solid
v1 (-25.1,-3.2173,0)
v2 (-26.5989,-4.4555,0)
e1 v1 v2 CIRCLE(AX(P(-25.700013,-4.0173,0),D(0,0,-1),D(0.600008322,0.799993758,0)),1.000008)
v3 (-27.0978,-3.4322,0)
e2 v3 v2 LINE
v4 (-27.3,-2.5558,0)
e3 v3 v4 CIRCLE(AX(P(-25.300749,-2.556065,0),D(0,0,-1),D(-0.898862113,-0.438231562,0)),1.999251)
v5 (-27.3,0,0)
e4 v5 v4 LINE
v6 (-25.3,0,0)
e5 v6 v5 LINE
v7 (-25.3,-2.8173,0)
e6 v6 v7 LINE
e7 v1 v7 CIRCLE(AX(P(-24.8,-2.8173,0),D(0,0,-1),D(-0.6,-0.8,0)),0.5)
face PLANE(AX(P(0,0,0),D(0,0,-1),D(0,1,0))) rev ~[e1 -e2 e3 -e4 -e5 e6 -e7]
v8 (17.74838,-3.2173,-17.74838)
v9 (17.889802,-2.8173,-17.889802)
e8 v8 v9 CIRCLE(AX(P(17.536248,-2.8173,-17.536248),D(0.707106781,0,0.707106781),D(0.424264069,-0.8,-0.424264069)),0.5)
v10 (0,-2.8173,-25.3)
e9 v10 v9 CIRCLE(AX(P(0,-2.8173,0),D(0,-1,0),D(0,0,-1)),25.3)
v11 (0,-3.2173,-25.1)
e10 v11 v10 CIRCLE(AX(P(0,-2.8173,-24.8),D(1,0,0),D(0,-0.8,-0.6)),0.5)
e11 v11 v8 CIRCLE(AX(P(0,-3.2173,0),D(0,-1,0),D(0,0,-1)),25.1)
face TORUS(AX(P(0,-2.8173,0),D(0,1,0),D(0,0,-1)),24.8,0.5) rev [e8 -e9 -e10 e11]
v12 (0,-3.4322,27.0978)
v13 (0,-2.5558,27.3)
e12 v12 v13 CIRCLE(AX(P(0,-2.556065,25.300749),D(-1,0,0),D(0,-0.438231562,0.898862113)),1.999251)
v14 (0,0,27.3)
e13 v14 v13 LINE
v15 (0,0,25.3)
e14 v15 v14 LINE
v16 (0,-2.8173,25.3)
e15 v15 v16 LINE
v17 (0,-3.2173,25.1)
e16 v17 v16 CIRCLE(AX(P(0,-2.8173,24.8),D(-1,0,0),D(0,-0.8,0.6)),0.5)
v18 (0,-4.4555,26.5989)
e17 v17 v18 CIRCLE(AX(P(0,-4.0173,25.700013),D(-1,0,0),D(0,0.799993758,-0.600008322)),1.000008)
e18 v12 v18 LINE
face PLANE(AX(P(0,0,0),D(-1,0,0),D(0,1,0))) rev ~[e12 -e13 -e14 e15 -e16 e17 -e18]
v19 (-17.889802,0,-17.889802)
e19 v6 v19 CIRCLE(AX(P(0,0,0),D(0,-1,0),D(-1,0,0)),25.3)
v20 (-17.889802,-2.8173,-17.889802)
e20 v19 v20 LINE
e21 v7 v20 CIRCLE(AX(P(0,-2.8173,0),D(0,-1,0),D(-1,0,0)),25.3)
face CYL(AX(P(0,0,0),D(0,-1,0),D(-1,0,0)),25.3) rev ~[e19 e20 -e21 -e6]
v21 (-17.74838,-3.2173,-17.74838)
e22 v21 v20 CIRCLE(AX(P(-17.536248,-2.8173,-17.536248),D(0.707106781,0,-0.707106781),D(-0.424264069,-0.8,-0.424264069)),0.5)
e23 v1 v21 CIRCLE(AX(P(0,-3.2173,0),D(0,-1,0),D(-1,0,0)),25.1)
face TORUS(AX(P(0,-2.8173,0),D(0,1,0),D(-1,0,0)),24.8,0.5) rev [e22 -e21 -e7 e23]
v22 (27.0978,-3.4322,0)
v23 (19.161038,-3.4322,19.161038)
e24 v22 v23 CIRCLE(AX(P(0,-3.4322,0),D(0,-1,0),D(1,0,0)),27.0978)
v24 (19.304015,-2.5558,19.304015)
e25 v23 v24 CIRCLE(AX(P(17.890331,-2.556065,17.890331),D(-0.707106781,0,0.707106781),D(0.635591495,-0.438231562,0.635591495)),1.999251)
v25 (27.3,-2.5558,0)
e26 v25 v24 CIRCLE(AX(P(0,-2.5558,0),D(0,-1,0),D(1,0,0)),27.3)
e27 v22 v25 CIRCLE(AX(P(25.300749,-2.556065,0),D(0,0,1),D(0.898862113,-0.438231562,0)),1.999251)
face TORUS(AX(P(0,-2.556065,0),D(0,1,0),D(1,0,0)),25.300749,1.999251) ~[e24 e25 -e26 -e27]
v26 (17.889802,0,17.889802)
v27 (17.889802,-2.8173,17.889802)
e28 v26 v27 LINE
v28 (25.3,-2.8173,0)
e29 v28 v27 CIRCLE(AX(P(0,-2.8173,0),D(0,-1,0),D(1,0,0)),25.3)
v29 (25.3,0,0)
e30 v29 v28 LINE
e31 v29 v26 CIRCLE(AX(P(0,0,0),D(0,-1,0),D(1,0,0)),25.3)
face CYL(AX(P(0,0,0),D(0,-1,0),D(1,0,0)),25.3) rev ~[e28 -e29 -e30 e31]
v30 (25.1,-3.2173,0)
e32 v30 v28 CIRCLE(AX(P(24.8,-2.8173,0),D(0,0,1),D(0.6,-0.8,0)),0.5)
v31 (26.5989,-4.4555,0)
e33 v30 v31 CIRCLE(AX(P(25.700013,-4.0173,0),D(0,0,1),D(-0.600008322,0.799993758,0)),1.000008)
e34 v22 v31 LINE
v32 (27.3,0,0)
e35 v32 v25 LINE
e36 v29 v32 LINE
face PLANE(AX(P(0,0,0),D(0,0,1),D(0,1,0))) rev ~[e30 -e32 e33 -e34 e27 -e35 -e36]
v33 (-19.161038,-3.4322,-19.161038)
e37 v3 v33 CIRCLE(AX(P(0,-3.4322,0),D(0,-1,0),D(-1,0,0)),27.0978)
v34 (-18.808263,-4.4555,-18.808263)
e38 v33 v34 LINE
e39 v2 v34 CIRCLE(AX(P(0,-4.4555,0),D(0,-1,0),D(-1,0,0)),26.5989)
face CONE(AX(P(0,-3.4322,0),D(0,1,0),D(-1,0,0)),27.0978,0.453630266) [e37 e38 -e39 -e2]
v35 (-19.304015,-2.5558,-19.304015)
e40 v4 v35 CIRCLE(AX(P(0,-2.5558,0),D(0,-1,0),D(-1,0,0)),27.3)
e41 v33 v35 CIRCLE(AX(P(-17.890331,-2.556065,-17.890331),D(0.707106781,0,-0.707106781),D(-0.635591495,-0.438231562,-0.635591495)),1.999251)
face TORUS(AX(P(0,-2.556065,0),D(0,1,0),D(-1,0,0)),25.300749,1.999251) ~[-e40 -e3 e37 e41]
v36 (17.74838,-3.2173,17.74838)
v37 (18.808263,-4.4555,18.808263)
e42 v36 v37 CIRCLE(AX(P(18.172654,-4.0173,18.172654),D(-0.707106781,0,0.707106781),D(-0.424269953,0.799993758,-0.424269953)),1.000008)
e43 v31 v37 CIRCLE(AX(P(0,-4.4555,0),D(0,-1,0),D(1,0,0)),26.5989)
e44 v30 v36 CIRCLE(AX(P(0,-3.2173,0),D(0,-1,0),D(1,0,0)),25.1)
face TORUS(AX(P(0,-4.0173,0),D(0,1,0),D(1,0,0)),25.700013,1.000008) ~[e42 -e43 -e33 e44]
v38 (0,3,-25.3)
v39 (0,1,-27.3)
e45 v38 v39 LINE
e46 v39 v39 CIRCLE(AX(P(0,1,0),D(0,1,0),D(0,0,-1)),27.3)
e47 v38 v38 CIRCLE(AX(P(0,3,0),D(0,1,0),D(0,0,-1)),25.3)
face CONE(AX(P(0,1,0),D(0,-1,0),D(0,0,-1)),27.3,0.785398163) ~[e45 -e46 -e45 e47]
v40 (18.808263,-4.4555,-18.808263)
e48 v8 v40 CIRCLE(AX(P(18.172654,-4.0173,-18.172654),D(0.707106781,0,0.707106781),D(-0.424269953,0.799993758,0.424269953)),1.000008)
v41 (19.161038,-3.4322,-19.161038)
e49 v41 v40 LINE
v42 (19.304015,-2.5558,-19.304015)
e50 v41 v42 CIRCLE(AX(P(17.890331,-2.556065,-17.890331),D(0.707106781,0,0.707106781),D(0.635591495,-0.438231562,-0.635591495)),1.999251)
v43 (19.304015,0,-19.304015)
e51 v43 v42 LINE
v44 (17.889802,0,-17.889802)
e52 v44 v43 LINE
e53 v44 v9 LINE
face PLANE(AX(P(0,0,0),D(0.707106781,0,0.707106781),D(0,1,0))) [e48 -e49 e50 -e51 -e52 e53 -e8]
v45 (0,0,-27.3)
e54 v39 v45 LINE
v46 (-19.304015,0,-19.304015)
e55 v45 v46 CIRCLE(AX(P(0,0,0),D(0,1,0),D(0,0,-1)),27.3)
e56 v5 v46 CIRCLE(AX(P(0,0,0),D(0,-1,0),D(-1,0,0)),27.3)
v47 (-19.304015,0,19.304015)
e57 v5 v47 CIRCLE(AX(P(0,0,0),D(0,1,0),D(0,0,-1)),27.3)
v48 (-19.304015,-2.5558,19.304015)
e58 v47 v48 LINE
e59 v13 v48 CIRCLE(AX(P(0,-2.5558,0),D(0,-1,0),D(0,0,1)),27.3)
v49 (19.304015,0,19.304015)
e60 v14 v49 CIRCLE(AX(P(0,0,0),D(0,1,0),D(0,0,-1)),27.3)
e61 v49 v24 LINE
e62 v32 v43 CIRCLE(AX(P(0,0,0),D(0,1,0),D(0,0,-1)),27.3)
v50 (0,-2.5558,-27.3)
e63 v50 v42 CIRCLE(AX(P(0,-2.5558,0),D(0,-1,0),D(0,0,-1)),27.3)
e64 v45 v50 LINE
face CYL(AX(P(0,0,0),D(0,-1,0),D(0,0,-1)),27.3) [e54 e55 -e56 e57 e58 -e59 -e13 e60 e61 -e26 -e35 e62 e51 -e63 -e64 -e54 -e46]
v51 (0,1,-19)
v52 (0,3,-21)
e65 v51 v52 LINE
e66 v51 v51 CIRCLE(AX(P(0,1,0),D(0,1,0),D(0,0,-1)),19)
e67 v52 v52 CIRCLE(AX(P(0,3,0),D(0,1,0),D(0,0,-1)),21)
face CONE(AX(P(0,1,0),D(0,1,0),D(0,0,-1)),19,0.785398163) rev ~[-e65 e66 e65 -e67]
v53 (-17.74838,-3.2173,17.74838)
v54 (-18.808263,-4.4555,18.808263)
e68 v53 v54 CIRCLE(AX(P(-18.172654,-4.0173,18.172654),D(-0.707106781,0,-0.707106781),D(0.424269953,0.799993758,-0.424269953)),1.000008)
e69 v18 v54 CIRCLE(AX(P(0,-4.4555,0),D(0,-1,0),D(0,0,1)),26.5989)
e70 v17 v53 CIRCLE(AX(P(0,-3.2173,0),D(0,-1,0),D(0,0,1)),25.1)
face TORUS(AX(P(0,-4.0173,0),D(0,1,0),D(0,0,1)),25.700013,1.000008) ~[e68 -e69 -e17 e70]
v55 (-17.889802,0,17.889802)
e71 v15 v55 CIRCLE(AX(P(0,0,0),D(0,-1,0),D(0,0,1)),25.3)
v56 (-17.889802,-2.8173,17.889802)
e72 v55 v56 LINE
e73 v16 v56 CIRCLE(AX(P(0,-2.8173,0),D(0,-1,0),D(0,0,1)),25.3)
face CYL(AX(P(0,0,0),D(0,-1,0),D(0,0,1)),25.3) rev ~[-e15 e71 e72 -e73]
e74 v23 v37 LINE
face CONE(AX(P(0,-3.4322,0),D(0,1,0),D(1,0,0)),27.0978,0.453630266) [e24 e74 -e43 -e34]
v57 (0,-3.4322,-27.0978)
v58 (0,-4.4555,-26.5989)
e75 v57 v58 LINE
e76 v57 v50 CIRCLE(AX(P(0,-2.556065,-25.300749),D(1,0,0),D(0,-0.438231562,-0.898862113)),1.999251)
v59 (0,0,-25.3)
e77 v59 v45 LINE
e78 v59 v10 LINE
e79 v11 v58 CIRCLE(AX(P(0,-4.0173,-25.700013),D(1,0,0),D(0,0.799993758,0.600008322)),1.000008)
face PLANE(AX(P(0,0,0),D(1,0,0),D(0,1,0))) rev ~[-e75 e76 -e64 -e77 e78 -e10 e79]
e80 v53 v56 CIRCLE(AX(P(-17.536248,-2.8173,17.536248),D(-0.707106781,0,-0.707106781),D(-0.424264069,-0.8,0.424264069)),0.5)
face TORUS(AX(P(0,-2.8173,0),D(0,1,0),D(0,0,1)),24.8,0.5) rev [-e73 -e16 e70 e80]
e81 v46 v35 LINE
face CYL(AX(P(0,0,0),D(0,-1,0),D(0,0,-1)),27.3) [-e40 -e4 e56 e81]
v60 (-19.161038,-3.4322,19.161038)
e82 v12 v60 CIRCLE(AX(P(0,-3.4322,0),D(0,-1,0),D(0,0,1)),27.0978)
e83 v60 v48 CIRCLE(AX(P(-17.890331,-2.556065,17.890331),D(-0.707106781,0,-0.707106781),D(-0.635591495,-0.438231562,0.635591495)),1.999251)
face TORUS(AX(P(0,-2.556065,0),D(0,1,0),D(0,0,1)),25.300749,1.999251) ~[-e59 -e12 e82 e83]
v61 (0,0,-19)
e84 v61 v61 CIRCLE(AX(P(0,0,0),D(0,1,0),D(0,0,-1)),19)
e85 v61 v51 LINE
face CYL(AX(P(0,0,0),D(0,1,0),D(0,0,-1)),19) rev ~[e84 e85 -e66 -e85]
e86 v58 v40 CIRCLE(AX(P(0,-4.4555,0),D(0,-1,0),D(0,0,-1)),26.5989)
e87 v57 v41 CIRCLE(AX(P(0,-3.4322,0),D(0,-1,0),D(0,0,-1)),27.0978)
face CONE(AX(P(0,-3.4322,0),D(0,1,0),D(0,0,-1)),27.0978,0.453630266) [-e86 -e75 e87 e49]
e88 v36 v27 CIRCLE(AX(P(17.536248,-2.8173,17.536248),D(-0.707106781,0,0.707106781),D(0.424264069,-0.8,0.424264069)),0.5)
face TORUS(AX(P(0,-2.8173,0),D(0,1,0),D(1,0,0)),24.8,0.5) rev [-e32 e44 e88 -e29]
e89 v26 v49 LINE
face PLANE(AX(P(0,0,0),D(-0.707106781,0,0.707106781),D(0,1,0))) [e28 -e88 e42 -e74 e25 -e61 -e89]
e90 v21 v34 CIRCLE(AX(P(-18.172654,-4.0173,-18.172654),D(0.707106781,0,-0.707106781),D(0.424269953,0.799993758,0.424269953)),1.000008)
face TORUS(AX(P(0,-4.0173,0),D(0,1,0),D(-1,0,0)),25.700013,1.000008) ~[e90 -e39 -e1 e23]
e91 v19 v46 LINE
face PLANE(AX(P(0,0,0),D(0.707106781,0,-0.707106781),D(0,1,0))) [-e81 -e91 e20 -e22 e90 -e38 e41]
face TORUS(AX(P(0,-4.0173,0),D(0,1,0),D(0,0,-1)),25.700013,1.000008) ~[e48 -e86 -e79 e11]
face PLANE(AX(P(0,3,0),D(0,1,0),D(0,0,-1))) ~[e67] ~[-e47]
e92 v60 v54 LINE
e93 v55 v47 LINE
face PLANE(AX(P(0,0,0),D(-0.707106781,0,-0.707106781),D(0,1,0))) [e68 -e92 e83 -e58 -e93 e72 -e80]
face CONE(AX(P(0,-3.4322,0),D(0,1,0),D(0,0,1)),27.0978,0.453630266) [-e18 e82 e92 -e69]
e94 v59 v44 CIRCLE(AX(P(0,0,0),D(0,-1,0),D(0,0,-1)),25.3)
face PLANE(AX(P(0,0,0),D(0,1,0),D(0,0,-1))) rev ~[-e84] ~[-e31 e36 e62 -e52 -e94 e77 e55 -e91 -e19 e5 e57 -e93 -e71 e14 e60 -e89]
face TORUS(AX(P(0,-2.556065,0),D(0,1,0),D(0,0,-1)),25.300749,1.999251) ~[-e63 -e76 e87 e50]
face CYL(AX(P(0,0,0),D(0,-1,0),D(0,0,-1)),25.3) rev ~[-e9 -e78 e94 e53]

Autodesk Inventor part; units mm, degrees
ref_plane "YZ Plane" through (0, 0, 0) normal (1, 0, 0) x (0, 1, 0)
ref_plane "XZ Plane" through (0, 0, 0) normal (0, 1, 0) x (-1, 0, 0)
ref_plane "XY Plane" through (0, 0, 0) normal (0, 0, 1) x (1, 0, 0)
sketch "Эскиз1" plane through (0, 0, 0) normal (1, 0, 0) x (0, 1, 0)
  line L0 (0, 0) -> (10.522, 0) construction
  line L1 (0, 0) -> (0, -19) construction
  line L2 (0, 0) -> (0, -27.3) construction
  line L3 (0, -19) -> (3, -19)
  line L4 (3, -19) -> (3, -27.3)
  line L5 (3, -27.3) -> (0, -27.3)
  line L6 (0, -27.3) -> (0, -19)
  dimension "d0" = 19
  dimension "d1" = 27.3
  dimension "d2" = 3
revolve "Вращение1" add sketch "Эскиз1" angle 360 about axis through (0, 0, 0) along (0, 1, 0)
chamfer "Фаска1" distance 2 angle 45 1 edges at (0, 3, 19) measured on face at (2.1778, 3, -24.2689)
chamfer "Фаска2" distance 2 angle 45 1 edges at (0, 3, 27.3) measured on face at (3.853, 3, -24.7322)
sketch "Эскиз2" plane through (0, 0, 0) normal (1, 0, 0) x (0, 1, 0)
  line L0 (0, 0) -> (7.8289, 0) construction
  line L1 (0, 0) -> (0, -24.8) construction
  line L2 (0, 27.3) -> (0, -27.3) construction
  line L3 (0, -25.3) -> (-2.8173, -25.3)
  line L4 (0, -27.3) -> (-2.5558, -27.3)
  line L5 (-3.0173, -25.3) -> (-3.0173, -26.7) construction
  line L6 (0, -25.3) -> (0, -27.3)
  line L7 (-4.0346, 0.25) -> (-4.0346, -25) construction
  line L8 (-4.0346, -25) -> (-6, -25) construction
  arc A0 (-3.2173, -25.1) -> (-4.4555, -26.5989) centre (-4.0173, -25.7) ccw
  line L9 (-5.0173, -25) -> (-5.0173, 0) construction
  line L10 (-4.0346, -24.7) -> (-5.0173, -24.7) construction
  line L11 (-3.0173, -25.3) -> (-3.1008, -25.3) construction
  arc A1 (-3.0173, -25.7) -> (-3.1008, -25.3) centre (-4.0173, -25.7) ccw construction
  arc A2 (-3.2173, -25.1) -> (-2.8173, -25.3) centre (-2.8173, -24.8) ccw
  line L12 (-3.4322, -27.0978) -> (-4.4555, -26.5989)
  arc A3 (-4.4555, -26.5989) -> (-3.0173, -25.7) centre (-4.0173, -25.7) ccw construction
  arc A4 (-3.4322, -27.0978) -> (-2.5558, -27.3) centre (-2.5558, -25.3) ccw
  point P0 (-3.3032, -25)
  point P1 (-3.0173, -27.3)
  dimension "d10" = 24.8
  dimension "d11" = 3.017
  dimension "d12" = 0.5
  dimension "d14" = 4.035
  dimension "d15" = 2
  dimension "d16" = 0.983
  dimension "d17" = 0.3
  dimension "d18" = 0.5
  dimension "d19" = 50
  dimension "d21" = 3.017
  dimension "d22" = 2
revolve "Вращение2" add sketch "Эскиз2" angle 45 about axis through (0, 0, 0) along (0, -1, 0)
pattern_circular "Круговой массив1" count 4 over 360 about axis through (0, 1.5, 0) along (0, -1, 0) of "Вращение2"
properties part number "mirror_lock_v3"
